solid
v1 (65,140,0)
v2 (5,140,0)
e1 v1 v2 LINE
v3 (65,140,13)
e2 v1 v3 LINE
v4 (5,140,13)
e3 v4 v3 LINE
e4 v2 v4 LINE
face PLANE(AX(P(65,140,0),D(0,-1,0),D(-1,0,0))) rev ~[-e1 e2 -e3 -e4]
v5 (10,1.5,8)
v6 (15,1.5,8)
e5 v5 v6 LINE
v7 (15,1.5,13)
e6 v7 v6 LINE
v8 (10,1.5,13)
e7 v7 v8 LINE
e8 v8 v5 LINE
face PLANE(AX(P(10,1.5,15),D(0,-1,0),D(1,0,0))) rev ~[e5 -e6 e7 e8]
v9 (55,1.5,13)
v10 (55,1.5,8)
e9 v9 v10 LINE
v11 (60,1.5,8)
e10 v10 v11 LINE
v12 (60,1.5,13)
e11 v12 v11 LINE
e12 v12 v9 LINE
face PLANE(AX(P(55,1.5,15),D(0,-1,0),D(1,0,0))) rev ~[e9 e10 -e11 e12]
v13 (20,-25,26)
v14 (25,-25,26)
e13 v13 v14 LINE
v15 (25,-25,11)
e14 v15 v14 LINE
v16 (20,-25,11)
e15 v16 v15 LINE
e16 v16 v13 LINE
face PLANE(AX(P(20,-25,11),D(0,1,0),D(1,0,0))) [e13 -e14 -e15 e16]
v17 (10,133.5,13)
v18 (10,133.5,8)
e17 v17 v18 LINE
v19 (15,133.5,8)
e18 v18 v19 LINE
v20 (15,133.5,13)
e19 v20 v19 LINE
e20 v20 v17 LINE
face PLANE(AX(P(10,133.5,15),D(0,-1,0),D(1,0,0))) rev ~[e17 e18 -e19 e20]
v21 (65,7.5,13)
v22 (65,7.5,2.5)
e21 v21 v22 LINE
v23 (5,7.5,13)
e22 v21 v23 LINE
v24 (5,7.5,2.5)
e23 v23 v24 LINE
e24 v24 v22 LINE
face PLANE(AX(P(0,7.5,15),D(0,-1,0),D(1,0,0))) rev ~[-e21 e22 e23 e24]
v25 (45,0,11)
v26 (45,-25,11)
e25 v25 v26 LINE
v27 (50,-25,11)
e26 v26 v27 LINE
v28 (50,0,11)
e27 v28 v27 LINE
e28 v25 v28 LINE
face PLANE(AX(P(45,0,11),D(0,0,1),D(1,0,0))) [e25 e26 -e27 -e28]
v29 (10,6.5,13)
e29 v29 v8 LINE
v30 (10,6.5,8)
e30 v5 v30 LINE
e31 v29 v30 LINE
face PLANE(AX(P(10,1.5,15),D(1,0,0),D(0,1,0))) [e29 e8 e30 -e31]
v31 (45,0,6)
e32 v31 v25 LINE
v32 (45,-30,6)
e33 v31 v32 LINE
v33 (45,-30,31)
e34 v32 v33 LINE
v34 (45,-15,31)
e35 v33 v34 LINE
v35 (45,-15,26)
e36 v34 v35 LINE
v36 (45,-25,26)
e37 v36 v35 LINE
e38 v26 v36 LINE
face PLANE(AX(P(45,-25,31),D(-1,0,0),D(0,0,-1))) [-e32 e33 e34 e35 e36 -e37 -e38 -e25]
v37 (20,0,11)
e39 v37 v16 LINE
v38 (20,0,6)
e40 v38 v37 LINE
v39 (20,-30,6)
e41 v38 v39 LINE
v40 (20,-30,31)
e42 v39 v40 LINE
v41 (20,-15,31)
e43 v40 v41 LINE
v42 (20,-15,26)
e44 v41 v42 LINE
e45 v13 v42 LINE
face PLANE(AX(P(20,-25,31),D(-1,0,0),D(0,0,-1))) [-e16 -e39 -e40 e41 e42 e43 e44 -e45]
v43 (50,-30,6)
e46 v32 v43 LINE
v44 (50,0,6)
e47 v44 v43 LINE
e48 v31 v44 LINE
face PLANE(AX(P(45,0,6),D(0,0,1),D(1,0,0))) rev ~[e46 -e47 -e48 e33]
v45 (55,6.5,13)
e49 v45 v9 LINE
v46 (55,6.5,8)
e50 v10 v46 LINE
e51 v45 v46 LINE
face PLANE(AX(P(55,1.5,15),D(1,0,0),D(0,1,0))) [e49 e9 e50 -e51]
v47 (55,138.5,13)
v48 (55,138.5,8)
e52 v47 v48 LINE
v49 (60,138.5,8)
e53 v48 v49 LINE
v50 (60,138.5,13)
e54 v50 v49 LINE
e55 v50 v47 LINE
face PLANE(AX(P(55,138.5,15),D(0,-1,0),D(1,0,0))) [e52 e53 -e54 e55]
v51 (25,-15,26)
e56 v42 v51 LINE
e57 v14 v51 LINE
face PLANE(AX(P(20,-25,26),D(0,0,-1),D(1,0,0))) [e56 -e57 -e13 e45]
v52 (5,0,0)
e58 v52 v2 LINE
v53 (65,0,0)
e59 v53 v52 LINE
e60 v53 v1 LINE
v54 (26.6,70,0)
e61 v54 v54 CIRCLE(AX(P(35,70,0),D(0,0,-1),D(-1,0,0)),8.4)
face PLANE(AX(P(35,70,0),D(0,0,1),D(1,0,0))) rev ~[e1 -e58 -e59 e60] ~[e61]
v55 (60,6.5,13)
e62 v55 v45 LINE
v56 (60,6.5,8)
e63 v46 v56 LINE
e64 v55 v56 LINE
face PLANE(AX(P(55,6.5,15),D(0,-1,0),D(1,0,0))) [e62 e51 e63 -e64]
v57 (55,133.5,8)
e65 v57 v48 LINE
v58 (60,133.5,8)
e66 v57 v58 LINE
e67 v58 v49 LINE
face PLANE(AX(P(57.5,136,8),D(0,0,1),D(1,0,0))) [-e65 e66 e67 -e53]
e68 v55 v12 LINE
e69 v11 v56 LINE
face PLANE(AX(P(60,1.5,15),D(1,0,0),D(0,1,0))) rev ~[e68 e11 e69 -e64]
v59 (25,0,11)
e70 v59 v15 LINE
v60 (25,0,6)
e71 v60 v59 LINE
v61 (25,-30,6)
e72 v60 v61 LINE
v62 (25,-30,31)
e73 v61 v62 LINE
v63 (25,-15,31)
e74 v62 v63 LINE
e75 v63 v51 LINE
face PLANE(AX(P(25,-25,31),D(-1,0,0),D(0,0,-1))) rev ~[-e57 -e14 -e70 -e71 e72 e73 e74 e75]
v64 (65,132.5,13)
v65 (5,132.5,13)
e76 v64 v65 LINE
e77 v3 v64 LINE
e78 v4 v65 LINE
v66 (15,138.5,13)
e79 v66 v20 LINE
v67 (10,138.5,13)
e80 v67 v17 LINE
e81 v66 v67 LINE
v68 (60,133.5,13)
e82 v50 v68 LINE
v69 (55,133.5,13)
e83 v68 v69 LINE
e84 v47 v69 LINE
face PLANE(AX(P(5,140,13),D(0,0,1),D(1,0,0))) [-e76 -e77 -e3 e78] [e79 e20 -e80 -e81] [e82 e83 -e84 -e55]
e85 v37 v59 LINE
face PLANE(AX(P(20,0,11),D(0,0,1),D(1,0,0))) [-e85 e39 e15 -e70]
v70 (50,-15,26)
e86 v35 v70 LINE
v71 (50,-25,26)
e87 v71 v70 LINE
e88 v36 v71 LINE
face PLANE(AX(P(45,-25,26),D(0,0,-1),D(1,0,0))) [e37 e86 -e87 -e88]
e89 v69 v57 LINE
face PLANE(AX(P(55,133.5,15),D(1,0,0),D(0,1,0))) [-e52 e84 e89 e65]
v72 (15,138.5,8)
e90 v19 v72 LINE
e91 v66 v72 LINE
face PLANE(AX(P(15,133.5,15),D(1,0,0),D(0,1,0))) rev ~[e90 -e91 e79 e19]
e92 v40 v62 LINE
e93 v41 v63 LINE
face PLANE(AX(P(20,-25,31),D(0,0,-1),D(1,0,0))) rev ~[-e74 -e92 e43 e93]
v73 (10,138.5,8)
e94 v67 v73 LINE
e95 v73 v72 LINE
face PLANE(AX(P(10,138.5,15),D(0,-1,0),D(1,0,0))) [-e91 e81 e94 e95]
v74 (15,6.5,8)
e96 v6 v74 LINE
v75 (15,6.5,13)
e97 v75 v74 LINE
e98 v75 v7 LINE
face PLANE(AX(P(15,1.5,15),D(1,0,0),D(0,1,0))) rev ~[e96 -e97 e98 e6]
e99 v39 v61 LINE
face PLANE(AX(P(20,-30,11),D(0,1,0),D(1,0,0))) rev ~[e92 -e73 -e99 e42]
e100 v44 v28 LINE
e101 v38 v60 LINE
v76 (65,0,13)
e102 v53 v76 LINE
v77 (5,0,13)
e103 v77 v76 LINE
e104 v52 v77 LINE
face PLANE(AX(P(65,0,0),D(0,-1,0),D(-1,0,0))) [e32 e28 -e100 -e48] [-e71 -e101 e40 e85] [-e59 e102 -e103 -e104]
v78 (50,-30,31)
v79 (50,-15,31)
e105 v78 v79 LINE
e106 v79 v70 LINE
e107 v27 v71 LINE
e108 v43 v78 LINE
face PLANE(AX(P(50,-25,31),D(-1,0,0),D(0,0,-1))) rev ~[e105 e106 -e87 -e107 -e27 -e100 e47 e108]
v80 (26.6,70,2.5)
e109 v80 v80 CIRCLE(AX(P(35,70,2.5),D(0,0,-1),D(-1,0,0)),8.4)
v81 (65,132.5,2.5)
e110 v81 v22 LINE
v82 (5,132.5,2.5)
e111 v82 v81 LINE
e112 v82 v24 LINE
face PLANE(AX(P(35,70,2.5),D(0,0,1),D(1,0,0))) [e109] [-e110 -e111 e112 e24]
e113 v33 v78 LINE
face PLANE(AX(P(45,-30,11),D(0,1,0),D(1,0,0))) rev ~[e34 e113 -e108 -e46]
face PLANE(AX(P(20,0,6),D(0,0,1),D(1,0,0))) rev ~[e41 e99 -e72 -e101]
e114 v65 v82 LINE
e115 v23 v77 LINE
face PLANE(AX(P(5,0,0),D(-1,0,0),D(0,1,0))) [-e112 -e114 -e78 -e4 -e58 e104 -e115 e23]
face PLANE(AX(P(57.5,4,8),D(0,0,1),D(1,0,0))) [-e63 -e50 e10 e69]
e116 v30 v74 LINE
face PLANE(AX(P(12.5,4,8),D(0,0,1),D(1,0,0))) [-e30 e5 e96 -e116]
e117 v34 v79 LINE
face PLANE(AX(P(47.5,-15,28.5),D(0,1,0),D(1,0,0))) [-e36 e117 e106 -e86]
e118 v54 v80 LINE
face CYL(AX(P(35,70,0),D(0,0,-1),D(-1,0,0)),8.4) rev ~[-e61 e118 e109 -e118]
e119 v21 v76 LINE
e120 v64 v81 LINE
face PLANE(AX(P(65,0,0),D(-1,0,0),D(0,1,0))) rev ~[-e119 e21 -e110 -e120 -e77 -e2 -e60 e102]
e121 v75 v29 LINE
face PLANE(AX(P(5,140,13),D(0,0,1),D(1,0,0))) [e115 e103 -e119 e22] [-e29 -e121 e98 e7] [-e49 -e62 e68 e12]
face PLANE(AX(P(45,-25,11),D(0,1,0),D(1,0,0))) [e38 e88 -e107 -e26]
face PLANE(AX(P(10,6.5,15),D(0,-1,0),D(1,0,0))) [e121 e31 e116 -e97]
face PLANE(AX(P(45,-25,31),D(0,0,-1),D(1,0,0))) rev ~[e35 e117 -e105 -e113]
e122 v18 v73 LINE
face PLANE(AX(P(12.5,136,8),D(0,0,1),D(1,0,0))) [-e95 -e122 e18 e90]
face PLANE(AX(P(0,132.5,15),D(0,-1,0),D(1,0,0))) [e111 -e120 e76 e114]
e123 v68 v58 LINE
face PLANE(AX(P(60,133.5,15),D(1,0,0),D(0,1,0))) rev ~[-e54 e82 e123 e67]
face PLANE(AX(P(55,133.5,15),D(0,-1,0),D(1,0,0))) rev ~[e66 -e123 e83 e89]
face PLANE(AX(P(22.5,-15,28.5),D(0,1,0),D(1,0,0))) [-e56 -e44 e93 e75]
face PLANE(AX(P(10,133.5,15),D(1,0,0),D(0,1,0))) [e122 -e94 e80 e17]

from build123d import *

# Parameters (mm, degrees)
SKETCH2_W           = 70
SKETCH2_H           = 140
BOSS_EXTRUDE1_DEPTH = 15
SKETCH7_W           = 70
SKETCH7_H           = 125
CUT_EXTRUDE4_DEPTH  = 12.5
SKETCH8_W           = 5
SKETCH8_H           = 5
CUT_EXTRUDE5_DEPTH  = 7
SKETCH6_R           = 8.4
CUT_EXTRUDE2_DEPTH  = 16
SKETCH9_OUTSIDE_W   = 103.448
SKETCH9_OUTSIDE_H   = 173.448
SKETCH9_OUTSIDE_W_2 = 60
SKETCH9_OUTSIDE_H_2 = 140
CUT_EXTRUDE6_DEPTH  = 15
SKETCH10_W          = 60
SKETCH10_H          = 2
CUT_EXTRUDE7_DEPTH  = 140
SKETCH11_W          = 5
SKETCH11_H          = 5
BOSS_EXTRUDE2_DEPTH = 30
SKETCH12_W          = 5
SKETCH12_H          = 5
BOSS_EXTRUDE3_DEPTH = 20
SKETCH13_W          = 5
SKETCH13_H          = 5
BOSS_EXTRUDE4_DEPTH = 10
SKETCH15_W          = 5
SKETCH15_H          = 5
BOSS_EXTRUDE5_DEPTH = 20
SKETCH16_W          = 5
SKETCH16_H          = 5
BOSS_EXTRUDE6_DEPTH = 10


with BuildPart() as part:
    # Sketch2 → Boss-Extrude1 (new body)
    with BuildSketch(Plane.XY):
        with Locations((35, 70)):
            Rectangle(SKETCH2_W, SKETCH2_H)
    extrude(amount=BOSS_EXTRUDE1_DEPTH)

    # Sketch7 → Cut-Extrude4 (cut)
    with BuildSketch(Plane.XY.offset(15)):
        with Locations((35, 70)):
            Rectangle(SKETCH7_W, SKETCH7_H)
    extrude(amount=-CUT_EXTRUDE4_DEPTH, mode=Mode.SUBTRACT)

    # Sketch8 → Cut-Extrude5 (cut)
    with BuildSketch(Plane.XY.offset(15)):
        with Locations((12.5, 136)):
            Rectangle(SKETCH8_W, SKETCH8_H)
        with Locations((57.5, 136)):
            Rectangle(SKETCH8_W, SKETCH8_H)
        with Locations((12.5, 4)):
            Rectangle(SKETCH8_W, SKETCH8_H)
        with Locations((57.5, 4)):
            Rectangle(SKETCH8_W, SKETCH8_H)
    extrude(amount=-CUT_EXTRUDE5_DEPTH, mode=Mode.SUBTRACT)

    # Sketch6 → Cut-Extrude2 (cut, through all)
    with BuildSketch(Plane(origin=(0, 0, 0), x_dir=(-1, 0, 0), z_dir=(0, 0, -1))):
        with Locations((-35, 70)):
            Circle(SKETCH6_R)
    extrude(amount=-CUT_EXTRUDE2_DEPTH, mode=Mode.SUBTRACT)

    # Sketch9 outside → Cut-Extrude6 (cut)
    with BuildSketch(Plane(origin=(0, 0, 0), x_dir=(-1, 0, 0), z_dir=(0, 0, -1))):
        with Locations((-35, 70)):
            Rectangle(SKETCH9_OUTSIDE_W, SKETCH9_OUTSIDE_H)
        with Locations((-35, 70)):
            Rectangle(SKETCH9_OUTSIDE_W_2, SKETCH9_OUTSIDE_H_2, mode=Mode.SUBTRACT)
    extrude(amount=-CUT_EXTRUDE6_DEPTH, mode=Mode.SUBTRACT)

    # Sketch10 → Cut-Extrude7 (cut)
    with BuildSketch(Plane(origin=(0, 140, 0), x_dir=(1, 0, 0), z_dir=(0, 1, 0))):
        with Locations((35, -14)):
            Rectangle(SKETCH10_W, SKETCH10_H)
    extrude(amount=-CUT_EXTRUDE7_DEPTH, mode=Mode.SUBTRACT)

    # Sketch11 → Boss-Extrude2 (add)
    with BuildSketch(Plane.XZ):
        with Locations((47.5, 8.5)):
            Rectangle(SKETCH11_W, SKETCH11_H)
        with Locations((22.5, 8.5)):
            Rectangle(SKETCH11_W, SKETCH11_H)
    extrude(amount=BOSS_EXTRUDE2_DEPTH)

    # Sketch12 → Boss-Extrude3 (add)
    with BuildSketch(Plane.XY.offset(11)):
        with Locations((22.5, -27.5)):
            Rectangle(SKETCH12_W, SKETCH12_H)
    extrude(amount=BOSS_EXTRUDE3_DEPTH)

    # Sketch13 → Boss-Extrude4 (add)
    with BuildSketch(Plane(origin=(0, -25, 0), x_dir=(1, 0, 0), z_dir=(0, 1, 0))):
        with Locations((22.5, -28.5)):
            Rectangle(SKETCH13_W, SKETCH13_H)
    extrude(amount=BOSS_EXTRUDE4_DEPTH)

    # Sketch15 → Boss-Extrude5 (add)
    with BuildSketch(Plane.XY.offset(11)):
        with Locations((47.5, -27.5)):
            Rectangle(SKETCH15_W, SKETCH15_H)
    extrude(amount=BOSS_EXTRUDE5_DEPTH)

    # Sketch16 → Boss-Extrude6 (add)
    with BuildSketch(Plane(origin=(0, -25, 0), x_dir=(1, 0, 0), z_dir=(0, 1, 0))):
        with Locations((47.5, -28.5)):
            Rectangle(SKETCH16_W, SKETCH16_H)
    extrude(amount=BOSS_EXTRUDE6_DEPTH)


solid = part.part
